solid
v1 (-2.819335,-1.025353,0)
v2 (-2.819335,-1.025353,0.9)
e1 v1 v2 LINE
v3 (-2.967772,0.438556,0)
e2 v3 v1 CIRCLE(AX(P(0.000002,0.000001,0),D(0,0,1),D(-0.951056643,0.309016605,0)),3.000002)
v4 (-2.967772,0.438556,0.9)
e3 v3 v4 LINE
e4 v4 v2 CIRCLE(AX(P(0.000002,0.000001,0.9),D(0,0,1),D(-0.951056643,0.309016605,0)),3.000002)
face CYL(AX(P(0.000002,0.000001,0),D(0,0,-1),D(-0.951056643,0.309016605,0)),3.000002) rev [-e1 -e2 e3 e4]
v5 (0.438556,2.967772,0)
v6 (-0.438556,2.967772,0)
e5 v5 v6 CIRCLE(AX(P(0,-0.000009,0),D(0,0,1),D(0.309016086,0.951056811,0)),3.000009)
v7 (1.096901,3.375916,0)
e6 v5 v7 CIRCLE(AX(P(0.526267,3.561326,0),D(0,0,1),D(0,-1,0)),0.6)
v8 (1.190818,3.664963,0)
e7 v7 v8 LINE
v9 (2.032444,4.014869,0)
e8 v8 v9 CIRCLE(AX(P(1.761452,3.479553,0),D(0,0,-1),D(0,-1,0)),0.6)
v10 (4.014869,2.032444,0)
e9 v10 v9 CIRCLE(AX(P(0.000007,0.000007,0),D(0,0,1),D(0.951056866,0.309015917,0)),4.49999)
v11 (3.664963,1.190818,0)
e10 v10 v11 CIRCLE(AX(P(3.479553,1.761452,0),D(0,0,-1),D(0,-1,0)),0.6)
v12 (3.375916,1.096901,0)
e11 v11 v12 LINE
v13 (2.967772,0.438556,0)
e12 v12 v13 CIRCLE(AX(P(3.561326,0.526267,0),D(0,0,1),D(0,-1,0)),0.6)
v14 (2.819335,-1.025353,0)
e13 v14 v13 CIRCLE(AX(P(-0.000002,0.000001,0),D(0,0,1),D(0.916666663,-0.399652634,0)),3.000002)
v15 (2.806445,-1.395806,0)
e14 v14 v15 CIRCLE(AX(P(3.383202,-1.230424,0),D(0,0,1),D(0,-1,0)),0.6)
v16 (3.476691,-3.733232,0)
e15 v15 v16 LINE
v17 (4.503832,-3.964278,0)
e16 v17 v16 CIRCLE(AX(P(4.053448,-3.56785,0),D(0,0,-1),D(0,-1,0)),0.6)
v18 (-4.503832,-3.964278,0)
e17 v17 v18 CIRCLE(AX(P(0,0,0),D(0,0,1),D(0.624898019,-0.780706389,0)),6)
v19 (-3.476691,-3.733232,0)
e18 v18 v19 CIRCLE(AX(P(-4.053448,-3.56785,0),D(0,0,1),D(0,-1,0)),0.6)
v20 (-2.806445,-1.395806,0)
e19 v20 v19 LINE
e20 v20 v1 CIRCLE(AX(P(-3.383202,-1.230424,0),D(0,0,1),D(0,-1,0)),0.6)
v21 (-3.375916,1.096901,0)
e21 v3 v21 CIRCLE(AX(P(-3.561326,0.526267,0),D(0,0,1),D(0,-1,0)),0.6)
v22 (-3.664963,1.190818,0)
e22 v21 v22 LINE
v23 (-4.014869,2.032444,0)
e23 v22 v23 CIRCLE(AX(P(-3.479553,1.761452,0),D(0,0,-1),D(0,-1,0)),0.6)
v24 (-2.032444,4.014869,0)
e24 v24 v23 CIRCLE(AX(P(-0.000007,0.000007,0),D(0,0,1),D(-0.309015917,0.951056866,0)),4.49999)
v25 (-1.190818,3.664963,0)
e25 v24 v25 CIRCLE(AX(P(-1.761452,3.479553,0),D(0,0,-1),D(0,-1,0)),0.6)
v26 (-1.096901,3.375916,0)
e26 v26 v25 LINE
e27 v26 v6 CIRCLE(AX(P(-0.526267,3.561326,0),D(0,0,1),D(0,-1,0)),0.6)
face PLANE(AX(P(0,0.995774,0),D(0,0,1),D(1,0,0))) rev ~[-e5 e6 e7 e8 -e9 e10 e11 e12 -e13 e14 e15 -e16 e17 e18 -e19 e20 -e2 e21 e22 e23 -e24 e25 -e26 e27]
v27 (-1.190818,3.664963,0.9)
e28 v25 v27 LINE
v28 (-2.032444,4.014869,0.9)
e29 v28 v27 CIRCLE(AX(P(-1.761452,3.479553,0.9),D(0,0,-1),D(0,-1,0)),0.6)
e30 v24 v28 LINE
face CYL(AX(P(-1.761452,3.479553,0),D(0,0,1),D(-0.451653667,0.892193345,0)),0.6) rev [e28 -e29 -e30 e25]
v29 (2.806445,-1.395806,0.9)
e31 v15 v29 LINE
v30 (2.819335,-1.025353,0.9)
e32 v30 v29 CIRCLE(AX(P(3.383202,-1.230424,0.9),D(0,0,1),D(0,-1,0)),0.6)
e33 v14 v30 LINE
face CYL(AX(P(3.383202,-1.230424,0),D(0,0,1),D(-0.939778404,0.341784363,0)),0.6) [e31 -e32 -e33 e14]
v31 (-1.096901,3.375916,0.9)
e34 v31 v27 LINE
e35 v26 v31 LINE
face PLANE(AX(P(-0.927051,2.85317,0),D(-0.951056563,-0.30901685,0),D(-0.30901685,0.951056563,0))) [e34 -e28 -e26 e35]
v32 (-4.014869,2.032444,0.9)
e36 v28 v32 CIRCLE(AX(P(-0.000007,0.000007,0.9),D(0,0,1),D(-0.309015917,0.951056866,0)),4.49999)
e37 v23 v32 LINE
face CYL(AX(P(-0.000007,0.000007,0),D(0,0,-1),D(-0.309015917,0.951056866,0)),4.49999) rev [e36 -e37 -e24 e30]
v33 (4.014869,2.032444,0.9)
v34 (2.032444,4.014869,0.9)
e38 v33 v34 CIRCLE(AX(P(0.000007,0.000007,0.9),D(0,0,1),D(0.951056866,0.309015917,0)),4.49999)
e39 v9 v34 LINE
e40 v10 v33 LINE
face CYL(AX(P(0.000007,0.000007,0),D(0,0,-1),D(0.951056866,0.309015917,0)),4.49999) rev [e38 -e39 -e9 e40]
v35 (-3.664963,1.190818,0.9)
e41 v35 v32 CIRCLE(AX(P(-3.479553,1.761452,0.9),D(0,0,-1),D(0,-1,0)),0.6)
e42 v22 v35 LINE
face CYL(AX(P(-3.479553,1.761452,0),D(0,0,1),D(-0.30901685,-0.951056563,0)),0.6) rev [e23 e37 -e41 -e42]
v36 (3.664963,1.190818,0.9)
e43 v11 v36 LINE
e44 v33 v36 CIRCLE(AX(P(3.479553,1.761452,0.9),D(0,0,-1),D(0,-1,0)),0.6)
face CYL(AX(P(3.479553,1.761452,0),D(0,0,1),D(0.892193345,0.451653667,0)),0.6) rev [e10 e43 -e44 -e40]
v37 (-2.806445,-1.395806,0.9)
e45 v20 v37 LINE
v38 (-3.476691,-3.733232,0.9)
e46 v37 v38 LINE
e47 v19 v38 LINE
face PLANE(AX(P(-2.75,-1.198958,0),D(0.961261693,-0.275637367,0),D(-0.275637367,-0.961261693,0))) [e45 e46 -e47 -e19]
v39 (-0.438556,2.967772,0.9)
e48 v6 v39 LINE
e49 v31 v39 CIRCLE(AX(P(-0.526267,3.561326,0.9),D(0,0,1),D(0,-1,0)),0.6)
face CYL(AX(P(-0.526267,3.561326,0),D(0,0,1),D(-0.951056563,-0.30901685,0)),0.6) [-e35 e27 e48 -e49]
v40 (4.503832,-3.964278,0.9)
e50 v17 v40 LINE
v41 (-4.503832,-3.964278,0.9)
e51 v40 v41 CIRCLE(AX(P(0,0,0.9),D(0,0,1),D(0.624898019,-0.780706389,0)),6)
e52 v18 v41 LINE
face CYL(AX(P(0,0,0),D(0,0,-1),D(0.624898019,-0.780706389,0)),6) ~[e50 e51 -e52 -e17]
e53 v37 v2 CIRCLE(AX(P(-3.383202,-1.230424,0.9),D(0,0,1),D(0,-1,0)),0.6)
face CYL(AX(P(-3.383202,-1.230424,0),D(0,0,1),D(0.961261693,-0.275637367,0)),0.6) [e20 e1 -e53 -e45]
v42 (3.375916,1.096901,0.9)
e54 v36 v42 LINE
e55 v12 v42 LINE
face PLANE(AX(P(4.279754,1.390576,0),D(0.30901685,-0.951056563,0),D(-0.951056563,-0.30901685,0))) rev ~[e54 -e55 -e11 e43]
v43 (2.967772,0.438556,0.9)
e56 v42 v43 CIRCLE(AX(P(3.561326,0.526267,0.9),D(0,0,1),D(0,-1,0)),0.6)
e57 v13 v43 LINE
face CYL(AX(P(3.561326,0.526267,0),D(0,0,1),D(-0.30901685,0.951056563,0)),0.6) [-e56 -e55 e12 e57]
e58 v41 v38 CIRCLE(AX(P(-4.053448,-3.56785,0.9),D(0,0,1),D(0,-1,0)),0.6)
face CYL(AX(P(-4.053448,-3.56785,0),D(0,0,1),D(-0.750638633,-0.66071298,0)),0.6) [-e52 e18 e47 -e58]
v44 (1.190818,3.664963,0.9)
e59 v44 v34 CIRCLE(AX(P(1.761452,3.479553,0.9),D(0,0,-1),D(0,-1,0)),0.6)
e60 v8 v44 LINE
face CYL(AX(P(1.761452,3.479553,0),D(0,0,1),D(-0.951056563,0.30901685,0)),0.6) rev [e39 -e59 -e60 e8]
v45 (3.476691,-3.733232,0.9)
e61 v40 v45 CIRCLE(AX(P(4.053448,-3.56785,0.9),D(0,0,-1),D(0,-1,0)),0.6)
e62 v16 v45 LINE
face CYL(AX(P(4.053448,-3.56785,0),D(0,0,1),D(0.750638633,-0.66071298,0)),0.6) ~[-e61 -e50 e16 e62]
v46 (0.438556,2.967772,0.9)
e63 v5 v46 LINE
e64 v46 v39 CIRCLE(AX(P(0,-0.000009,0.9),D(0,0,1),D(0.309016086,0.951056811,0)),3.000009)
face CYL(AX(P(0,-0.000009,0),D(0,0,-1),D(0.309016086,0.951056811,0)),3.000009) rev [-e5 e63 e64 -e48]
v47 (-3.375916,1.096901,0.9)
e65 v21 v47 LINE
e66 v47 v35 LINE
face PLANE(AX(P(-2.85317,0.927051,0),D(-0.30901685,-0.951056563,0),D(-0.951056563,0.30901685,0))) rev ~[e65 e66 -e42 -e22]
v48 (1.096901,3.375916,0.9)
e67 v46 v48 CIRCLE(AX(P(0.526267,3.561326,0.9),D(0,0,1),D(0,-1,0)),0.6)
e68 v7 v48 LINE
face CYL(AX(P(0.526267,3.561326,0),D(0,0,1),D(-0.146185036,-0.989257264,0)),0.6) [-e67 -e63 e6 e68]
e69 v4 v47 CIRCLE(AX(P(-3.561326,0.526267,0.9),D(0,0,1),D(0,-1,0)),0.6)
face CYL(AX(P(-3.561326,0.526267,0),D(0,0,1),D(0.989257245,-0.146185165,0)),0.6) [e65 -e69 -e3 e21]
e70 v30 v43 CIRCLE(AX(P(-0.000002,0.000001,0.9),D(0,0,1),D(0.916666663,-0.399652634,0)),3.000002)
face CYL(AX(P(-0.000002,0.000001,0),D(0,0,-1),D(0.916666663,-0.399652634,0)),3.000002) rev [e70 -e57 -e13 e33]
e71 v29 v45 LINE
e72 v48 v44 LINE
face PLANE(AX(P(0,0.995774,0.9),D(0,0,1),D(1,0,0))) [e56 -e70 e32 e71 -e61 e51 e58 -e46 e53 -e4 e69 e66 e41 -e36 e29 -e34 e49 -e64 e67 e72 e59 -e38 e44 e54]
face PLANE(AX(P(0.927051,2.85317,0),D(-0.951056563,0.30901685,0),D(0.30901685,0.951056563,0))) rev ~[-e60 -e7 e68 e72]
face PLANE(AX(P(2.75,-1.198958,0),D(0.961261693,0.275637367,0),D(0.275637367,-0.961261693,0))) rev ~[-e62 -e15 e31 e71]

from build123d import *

# Parameters (mm, degrees)
PAD_DEPTH = 0.9
FILLET_R  = 0.6


with BuildPart() as part:
    # Sketch → Pad (new body)
    with BuildSketch(Plane.XY):
        with BuildLine():
            ThreePointArc((3.749388, -4.684238), (0, 6), (-3.749388, -4.684238))
            Line((-2.75, -1.198958), (-3.749388, -4.684238))
            ThreePointArc((-2.85317, 0.927051), (-2.996474, -0.145411), (-2.75, -1.198958))
            Line((-2.85317, 0.927051), (-4.279754, 1.390576))
            ThreePointArc((-1.390576, 4.279754), (-3.181981, 3.181981), (-4.279754, 1.390576))
            Line((-0.927051, 2.85317), (-1.390576, 4.279754))
            ThreePointArc((0.927051, 2.85317), (0, 3), (-0.927051, 2.85317))
            Line((0.927051, 2.85317), (1.390576, 4.279754))
            ThreePointArc((4.279754, 1.390576), (3.181981, 3.181981), (1.390576, 4.279754))
            Line((4.279754, 1.390576), (2.85317, 0.927051))
            ThreePointArc((2.75, -1.198958), (2.996474, -0.145411), (2.85317, 0.927051))
            Line((2.75, -1.198958), (3.749388, -4.684238))
        make_face()
    extrude(amount=PAD_DEPTH)

    # Fillet
    fillet_edges = [part.edges().sort_by_distance(p)[0] for p in [
        (3.749388, -4.684238, 0.45),
        (2.75, -1.198958, 0.45),
        (2.85317, 0.927051, 0.45),
        (4.279754, 1.390576, 0.45),
        (1.390576, 4.279754, 0.45),
        (0.927051, 2.85317, 0.45),
        (-0.927051, 2.85317, 0.45),
        (-1.390576, 4.279754, 0.45),
        (-4.279754, 1.390576, 0.45),
        (-2.85317, 0.927051, 0.45),
        (-2.75, -1.198958, 0.45),
        (-3.749388, -4.684238, 0.45),
    ]]
    fillet(fillet_edges, radius=FILLET_R)


solid = part.part
